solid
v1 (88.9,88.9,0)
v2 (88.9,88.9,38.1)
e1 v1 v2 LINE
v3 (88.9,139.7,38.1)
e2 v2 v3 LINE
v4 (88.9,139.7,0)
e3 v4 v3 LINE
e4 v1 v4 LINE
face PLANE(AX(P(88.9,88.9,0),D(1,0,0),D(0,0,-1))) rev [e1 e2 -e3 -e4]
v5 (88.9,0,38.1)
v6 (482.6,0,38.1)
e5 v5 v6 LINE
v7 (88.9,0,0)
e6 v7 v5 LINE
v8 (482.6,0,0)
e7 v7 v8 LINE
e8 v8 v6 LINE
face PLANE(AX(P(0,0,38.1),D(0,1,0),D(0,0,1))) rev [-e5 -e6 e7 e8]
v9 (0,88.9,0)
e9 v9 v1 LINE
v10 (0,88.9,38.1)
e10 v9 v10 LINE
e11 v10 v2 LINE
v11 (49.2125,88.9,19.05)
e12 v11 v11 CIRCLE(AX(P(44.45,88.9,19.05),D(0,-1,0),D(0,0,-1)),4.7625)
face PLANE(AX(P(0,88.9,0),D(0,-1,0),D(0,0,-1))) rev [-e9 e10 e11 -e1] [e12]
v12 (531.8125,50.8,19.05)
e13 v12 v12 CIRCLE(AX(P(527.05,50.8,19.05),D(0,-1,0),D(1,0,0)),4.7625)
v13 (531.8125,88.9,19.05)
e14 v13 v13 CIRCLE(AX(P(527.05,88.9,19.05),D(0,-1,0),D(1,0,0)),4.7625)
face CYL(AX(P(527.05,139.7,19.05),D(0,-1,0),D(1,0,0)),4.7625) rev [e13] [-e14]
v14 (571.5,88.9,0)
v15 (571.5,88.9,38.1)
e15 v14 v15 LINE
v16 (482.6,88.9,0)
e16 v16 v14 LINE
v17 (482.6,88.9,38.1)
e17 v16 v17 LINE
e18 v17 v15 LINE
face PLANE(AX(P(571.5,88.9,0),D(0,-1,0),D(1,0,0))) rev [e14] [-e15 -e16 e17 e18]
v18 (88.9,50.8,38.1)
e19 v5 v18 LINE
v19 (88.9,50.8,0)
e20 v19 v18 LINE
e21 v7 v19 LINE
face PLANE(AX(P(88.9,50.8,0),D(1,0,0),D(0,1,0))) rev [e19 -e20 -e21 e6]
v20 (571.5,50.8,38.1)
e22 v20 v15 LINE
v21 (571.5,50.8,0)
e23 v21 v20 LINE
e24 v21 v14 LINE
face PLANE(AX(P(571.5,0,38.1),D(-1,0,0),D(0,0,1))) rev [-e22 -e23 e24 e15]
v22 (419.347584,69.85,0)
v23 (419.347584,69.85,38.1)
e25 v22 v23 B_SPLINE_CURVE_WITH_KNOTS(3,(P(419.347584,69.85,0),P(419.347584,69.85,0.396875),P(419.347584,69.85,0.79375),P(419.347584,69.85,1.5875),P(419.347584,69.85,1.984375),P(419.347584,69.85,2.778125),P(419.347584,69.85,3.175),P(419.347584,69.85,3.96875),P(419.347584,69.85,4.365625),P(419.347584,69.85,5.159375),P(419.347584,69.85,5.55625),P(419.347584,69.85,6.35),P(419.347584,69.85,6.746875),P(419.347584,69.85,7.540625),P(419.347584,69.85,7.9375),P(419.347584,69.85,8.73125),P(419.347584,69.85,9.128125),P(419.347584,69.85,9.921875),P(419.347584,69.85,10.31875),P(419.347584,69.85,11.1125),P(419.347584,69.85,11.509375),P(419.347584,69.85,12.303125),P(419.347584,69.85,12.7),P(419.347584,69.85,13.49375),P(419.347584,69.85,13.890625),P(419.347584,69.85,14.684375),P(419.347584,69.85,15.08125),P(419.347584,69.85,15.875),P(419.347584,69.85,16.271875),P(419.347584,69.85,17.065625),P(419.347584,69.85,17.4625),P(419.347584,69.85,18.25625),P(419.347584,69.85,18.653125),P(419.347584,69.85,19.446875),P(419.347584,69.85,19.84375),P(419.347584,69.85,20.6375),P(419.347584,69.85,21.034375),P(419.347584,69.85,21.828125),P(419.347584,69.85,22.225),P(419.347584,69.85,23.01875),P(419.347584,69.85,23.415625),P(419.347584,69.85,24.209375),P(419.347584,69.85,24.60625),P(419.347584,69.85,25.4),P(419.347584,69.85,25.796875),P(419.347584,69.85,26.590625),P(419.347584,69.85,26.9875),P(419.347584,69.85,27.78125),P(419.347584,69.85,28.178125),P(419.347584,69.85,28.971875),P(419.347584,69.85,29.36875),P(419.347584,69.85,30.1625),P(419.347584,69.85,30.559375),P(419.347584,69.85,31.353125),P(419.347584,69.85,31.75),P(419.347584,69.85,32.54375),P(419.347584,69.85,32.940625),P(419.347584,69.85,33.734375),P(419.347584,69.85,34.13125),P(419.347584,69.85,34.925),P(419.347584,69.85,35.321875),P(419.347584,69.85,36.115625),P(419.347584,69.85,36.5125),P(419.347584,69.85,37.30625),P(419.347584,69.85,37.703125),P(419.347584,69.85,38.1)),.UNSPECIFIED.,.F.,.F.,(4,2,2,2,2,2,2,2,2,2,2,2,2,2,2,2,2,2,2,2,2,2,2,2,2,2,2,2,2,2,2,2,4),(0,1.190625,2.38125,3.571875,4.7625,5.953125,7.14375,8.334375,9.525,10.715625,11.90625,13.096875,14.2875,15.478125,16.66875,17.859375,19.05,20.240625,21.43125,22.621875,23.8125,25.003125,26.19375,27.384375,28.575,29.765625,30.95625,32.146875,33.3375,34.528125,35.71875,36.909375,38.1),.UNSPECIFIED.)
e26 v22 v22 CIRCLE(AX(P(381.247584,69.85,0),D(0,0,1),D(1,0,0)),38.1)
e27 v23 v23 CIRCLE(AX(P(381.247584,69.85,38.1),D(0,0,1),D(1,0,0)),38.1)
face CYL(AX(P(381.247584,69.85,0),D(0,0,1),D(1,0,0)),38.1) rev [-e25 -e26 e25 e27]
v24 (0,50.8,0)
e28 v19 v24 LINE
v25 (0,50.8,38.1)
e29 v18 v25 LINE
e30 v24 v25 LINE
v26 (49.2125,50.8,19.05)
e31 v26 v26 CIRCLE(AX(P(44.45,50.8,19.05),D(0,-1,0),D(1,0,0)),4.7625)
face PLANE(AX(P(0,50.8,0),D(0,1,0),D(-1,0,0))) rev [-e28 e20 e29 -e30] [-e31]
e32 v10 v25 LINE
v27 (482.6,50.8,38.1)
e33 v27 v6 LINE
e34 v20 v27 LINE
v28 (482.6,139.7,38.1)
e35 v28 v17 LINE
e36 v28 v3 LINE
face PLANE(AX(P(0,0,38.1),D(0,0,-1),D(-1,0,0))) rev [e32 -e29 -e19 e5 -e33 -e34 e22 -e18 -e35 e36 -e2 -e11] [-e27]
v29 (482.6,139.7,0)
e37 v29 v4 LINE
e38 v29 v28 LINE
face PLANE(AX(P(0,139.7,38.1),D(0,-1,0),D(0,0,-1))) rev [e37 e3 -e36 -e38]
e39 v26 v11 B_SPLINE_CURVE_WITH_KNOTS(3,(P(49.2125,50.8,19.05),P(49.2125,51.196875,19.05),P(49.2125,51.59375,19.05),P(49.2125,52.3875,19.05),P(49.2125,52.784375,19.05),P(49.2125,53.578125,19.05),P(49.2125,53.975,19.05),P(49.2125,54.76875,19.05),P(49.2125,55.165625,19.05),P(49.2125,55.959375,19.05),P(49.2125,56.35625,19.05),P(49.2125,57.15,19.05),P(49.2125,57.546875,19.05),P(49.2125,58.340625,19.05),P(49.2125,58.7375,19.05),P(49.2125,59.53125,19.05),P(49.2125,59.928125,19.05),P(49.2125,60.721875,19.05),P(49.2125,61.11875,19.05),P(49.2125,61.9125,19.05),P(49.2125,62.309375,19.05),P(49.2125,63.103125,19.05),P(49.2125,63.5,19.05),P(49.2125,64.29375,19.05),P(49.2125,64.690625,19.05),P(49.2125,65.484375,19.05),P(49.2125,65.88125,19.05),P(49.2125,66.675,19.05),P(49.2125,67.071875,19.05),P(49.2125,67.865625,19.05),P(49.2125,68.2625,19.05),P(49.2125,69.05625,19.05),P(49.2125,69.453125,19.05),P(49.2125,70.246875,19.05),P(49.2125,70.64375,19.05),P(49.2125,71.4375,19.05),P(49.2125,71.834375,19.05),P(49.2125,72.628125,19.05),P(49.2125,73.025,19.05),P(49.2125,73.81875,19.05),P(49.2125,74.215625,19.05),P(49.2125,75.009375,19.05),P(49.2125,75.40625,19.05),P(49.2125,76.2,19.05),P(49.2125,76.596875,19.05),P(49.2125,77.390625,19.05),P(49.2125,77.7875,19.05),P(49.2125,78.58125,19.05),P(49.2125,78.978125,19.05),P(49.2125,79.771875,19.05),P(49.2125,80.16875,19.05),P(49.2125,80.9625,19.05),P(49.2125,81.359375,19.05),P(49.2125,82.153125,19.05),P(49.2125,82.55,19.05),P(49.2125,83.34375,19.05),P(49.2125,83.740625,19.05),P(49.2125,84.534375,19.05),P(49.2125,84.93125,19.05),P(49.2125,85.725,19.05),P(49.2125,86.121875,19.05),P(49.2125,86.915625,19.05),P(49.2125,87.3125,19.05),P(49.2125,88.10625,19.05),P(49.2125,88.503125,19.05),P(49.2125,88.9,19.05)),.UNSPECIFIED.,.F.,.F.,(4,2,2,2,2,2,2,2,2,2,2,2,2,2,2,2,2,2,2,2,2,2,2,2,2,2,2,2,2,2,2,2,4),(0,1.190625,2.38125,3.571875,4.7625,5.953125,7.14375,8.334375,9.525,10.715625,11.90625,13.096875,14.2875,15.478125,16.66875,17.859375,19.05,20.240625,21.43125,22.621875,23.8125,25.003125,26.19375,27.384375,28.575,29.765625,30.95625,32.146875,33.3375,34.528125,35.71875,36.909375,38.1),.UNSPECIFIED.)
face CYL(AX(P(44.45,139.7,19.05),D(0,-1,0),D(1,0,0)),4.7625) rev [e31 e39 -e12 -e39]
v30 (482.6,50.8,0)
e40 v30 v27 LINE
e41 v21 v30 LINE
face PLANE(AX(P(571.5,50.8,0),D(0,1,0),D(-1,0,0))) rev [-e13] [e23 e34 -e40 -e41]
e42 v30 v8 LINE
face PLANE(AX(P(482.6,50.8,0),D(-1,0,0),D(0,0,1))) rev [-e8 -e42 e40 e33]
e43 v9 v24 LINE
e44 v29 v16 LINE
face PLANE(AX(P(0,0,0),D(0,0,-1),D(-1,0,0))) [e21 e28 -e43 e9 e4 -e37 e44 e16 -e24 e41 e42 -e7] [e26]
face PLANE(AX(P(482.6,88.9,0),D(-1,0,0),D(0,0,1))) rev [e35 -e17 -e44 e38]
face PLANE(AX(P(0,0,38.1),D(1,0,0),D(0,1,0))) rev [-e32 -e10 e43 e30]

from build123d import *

# Parameters (mm, degrees)
SKETCH2_W           = 571.5
SKETCH2_H           = 139.7
BOSS_EXTRUDE2_DEPTH = 38.1
SKETCH3_W           = 88.9
SKETCH3_H           = 50.8
CUT_EXTRUDE1_DEPTH  = 590.559114933
SKETCH4_R           = 38.1
CUT_EXTRUDE2_DEPTH  = 590.559114933
SKETCH5_R           = 4.7625
CUT_EXTRUDE3_DEPTH  = 580.626664328
SKETCH6_R           = 4.7625
CUT_EXTRUDE4_DEPTH  = 580.626664328


with BuildPart() as part:
    # Sketch2 → Boss-Extrude2 (new body)
    with BuildSketch(Plane.XY):
        with Locations((285.75, 69.85)):
            Rectangle(SKETCH2_W, SKETCH2_H)
    extrude(amount=BOSS_EXTRUDE2_DEPTH)

    # Sketch3 → Cut-Extrude1 (cut, through all)
    with BuildSketch(Plane.XY.offset(38.1)):
        with Locations((44.45, 114.3)):
            Rectangle(SKETCH3_W, SKETCH3_H)
        with Locations((527.05, 114.3)):
            Rectangle(SKETCH3_W, SKETCH3_H)
        with Locations((527.05, 25.4)):
            Rectangle(SKETCH3_W, SKETCH3_H)
        with Locations((44.45, 25.4)):
            Rectangle(SKETCH3_W, SKETCH3_H)
    extrude(amount=-CUT_EXTRUDE1_DEPTH, mode=Mode.SUBTRACT)

    # Sketch4 → Cut-Extrude2 (cut, through all)
    with BuildSketch(Plane.XY.offset(38.1)):
        with Locations((381.247583626, 69.85)):
            Circle(SKETCH4_R)
    extrude(amount=-CUT_EXTRUDE2_DEPTH, mode=Mode.SUBTRACT)

    # Sketch5 → Cut-Extrude3 (cut, through all)
    with BuildSketch(Plane(origin=(0, 50.8, 0), x_dir=(-1, 0, 0), z_dir=(0, -1, 0))):
        with Locations(Location((-44.45, -19.05, 0), (0, 0, 180))):
            Circle(SKETCH5_R)
    extrude(amount=-CUT_EXTRUDE3_DEPTH, mode=Mode.SUBTRACT)

    # Sketch6 → Cut-Extrude4 (cut, through all)
    with BuildSketch(Plane.XZ.offset(-50.8)):
        with Locations((527.05, 19.05)):
            Circle(SKETCH6_R)
    extrude(amount=-CUT_EXTRUDE4_DEPTH, mode=Mode.SUBTRACT)


solid = part.part
